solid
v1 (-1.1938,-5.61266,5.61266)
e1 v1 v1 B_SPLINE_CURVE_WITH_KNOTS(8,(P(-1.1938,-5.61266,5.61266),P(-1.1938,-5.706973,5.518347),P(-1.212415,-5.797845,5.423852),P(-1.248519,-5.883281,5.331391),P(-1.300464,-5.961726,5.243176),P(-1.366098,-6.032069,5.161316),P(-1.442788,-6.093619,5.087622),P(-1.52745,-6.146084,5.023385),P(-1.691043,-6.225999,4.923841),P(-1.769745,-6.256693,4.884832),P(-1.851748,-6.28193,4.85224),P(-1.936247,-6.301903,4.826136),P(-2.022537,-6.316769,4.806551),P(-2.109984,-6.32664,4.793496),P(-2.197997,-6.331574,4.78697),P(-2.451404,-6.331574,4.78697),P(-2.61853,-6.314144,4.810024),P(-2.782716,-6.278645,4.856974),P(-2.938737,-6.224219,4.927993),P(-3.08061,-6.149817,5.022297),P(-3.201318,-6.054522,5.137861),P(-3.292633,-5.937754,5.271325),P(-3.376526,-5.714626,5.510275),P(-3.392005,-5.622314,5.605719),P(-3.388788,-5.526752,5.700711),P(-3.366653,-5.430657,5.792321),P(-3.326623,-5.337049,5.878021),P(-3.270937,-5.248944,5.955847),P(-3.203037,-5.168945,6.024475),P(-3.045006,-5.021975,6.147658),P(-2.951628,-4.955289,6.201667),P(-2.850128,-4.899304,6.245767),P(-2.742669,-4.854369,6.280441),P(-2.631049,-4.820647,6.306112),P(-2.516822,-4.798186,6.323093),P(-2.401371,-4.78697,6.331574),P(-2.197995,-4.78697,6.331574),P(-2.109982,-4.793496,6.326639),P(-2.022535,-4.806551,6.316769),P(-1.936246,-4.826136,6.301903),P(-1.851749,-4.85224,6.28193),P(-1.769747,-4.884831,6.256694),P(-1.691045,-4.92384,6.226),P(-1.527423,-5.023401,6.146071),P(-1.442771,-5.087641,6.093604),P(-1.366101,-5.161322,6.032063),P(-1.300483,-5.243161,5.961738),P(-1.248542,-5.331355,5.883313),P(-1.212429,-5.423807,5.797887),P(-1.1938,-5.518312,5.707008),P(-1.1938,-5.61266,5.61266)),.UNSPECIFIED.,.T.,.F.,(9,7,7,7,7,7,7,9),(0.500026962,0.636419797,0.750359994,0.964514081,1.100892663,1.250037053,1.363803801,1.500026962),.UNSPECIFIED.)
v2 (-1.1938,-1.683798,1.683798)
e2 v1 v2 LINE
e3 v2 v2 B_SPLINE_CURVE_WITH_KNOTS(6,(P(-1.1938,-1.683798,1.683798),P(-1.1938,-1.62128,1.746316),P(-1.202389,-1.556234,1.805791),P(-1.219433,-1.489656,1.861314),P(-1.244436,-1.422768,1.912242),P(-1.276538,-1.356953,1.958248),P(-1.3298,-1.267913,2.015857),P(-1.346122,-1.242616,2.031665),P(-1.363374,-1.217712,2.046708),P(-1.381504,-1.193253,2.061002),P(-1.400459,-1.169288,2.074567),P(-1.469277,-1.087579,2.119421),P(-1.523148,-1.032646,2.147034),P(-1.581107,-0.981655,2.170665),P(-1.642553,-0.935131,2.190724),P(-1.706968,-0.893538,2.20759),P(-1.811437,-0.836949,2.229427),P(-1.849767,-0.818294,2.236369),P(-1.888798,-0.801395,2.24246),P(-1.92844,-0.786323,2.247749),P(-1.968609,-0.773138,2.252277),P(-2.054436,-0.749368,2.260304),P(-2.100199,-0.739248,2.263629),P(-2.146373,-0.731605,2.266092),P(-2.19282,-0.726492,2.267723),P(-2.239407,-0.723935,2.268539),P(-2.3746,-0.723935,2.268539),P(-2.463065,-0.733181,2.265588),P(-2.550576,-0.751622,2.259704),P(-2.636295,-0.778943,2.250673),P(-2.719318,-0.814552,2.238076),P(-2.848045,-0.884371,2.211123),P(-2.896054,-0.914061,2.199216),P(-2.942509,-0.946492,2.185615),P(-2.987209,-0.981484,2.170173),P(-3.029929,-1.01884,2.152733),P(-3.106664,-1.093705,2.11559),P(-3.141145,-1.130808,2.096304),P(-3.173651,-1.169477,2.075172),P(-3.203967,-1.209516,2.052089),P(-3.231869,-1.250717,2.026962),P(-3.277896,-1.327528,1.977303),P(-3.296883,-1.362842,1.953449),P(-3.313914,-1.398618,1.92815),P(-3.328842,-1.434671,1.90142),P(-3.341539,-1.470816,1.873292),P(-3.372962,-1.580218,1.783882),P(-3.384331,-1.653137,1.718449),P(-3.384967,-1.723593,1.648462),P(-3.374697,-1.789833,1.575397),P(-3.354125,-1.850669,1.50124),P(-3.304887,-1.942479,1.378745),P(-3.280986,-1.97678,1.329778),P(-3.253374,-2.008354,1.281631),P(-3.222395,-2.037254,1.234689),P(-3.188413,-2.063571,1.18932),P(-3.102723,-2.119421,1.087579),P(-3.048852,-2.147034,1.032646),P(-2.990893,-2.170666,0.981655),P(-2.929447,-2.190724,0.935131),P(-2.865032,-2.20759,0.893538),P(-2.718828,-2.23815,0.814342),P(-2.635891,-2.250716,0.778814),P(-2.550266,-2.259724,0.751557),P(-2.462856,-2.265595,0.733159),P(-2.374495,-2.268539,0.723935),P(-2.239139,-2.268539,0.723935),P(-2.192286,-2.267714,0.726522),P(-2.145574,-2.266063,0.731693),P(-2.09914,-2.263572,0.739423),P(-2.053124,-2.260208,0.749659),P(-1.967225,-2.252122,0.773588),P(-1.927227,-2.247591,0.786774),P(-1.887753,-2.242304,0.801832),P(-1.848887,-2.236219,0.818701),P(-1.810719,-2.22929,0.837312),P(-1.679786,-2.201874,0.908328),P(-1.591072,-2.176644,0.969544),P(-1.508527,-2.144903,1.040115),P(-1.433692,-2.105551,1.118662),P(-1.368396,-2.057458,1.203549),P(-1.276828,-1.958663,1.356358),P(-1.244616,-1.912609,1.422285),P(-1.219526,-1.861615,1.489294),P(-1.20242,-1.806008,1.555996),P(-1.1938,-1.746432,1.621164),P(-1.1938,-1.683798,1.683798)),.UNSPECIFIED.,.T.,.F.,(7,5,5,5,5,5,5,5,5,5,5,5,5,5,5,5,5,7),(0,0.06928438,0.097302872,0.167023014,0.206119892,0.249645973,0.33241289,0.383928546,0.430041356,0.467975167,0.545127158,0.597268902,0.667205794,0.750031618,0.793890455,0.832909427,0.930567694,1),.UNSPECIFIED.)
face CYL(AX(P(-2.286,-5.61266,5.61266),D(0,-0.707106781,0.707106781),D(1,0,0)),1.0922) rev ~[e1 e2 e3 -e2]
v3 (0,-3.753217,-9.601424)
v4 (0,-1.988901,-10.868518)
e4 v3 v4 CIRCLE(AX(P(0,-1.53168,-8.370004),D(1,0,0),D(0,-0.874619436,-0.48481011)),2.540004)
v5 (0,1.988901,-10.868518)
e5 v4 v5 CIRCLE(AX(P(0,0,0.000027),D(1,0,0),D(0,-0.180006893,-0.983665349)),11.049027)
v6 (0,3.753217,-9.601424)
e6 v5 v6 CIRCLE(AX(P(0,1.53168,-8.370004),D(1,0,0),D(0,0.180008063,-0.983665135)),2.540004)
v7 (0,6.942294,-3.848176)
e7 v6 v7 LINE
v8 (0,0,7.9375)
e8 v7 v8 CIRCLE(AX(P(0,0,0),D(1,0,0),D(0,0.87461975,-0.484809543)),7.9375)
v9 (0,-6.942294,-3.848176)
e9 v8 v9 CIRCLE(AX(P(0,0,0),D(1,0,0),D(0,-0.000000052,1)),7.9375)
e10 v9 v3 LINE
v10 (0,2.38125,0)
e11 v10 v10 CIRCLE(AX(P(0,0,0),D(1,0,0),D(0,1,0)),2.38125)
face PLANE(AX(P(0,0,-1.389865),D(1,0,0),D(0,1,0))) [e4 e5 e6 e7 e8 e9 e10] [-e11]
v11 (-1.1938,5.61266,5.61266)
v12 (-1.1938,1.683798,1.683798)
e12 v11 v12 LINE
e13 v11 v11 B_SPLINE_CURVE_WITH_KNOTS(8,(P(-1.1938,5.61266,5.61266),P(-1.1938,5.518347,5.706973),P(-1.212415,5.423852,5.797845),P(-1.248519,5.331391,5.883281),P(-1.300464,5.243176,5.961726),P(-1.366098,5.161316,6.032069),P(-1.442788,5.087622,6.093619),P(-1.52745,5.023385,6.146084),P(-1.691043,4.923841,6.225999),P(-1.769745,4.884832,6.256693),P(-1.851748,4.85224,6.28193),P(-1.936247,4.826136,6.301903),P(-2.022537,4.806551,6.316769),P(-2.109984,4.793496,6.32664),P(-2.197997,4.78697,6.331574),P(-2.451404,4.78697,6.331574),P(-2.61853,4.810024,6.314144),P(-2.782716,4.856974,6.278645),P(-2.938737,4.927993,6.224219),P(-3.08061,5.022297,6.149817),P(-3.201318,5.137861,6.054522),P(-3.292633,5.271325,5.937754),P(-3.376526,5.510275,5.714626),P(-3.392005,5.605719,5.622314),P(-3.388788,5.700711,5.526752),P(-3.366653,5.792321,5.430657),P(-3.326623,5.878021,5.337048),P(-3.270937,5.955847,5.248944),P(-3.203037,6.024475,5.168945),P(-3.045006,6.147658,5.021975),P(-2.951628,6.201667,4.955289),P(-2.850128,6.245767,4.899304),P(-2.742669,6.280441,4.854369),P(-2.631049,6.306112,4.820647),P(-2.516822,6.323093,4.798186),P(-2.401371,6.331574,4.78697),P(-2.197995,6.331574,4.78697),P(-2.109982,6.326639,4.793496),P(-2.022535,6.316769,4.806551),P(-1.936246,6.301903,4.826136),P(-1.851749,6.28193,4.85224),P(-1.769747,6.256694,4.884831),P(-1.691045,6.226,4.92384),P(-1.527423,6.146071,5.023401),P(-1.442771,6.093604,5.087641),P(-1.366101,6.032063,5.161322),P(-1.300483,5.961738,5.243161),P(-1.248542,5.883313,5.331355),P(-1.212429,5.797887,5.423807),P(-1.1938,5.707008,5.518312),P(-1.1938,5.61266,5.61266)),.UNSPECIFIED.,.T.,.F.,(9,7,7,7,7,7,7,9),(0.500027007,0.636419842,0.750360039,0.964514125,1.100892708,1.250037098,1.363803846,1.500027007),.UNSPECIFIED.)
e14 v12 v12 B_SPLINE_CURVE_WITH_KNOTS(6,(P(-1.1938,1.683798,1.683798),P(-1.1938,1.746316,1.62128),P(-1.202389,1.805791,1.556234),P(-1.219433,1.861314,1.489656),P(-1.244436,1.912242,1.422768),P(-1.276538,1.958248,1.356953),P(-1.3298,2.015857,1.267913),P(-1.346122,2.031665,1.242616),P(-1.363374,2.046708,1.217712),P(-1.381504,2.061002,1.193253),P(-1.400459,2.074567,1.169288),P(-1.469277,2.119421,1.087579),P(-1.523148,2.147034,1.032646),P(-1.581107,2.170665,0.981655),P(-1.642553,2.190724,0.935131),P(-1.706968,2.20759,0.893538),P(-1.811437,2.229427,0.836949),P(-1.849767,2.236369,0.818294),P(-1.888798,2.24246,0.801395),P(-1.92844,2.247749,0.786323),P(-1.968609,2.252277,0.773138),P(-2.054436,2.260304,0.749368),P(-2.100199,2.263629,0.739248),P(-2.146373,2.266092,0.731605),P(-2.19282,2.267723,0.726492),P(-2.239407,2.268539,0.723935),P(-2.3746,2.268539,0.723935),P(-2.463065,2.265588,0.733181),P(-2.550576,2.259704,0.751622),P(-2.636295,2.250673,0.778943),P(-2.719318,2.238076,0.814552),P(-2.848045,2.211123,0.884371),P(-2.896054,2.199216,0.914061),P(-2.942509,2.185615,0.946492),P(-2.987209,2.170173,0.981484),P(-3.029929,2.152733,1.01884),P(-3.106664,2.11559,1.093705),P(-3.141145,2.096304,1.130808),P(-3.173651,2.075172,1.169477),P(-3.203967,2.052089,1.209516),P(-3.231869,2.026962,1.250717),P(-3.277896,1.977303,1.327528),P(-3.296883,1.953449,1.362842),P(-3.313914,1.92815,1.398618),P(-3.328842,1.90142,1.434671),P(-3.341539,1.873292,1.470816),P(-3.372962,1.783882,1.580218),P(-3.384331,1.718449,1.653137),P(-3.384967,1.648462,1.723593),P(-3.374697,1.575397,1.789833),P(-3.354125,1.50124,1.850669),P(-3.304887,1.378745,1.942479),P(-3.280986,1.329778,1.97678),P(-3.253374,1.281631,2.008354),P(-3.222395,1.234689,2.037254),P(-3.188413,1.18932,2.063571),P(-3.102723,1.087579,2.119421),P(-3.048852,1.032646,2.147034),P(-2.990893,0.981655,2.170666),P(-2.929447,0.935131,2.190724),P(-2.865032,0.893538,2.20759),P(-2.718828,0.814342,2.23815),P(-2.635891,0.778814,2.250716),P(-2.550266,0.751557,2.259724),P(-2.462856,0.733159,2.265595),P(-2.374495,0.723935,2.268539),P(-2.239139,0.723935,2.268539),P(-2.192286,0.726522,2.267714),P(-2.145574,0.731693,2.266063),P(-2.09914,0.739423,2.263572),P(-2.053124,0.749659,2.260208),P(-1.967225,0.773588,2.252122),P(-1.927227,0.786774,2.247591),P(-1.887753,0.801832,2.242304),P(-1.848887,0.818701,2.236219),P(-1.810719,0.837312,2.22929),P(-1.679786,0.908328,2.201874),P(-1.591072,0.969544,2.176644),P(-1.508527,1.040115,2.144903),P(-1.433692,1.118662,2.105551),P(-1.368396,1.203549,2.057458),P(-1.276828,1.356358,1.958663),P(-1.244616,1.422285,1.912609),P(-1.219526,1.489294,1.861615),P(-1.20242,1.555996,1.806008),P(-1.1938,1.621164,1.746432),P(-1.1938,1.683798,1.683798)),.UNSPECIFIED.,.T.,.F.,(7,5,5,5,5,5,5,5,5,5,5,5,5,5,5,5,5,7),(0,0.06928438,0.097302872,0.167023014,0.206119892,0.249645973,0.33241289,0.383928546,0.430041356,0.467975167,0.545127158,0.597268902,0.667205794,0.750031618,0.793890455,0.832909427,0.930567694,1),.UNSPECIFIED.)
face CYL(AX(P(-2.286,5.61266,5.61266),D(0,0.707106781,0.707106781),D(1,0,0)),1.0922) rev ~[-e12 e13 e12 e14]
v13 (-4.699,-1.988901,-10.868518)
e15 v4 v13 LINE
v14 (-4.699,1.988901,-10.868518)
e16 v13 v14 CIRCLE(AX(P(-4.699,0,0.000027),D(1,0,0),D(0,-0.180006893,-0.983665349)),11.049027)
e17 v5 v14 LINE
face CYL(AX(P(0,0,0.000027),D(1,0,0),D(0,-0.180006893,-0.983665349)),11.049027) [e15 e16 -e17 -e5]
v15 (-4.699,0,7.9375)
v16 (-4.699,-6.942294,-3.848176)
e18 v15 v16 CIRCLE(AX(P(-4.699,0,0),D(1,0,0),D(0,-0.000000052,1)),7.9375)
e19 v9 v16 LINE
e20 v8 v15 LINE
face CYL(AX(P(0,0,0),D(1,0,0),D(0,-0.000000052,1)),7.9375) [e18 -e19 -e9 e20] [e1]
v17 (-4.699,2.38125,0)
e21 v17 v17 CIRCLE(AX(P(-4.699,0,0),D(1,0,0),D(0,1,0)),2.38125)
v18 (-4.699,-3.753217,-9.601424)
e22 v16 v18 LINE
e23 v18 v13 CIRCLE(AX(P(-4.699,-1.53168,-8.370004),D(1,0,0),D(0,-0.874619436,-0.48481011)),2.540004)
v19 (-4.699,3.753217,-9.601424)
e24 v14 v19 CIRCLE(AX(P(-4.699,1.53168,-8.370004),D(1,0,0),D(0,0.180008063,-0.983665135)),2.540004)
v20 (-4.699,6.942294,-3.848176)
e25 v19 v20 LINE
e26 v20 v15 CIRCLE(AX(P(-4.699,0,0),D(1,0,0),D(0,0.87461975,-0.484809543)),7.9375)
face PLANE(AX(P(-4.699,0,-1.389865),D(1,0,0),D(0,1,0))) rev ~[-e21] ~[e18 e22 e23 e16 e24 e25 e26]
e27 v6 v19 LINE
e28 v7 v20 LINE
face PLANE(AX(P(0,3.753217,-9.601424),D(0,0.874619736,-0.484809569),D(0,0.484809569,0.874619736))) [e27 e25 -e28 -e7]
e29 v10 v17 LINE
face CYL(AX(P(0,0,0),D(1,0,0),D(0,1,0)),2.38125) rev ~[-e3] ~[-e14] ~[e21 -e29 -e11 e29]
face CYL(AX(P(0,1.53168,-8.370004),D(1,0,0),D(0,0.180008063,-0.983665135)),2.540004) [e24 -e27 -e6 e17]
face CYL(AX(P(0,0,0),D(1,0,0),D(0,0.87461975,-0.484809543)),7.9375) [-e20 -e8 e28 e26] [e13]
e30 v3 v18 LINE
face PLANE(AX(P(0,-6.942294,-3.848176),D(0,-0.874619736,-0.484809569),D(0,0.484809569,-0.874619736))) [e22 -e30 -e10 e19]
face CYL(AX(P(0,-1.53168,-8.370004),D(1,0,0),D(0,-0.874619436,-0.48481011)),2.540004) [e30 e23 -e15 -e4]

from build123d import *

# Parameters (mm, degrees)
F0_R     = 2.38125
F1_DEPTH = 4.699
F3_R     = 1.0922
F4_DEPTH = 7.62
F6_R     = 1.0922
F7_DEPTH = 7.62


with BuildPart() as f1:
    # F0 (on Right) → F1 (new body)
    with BuildSketch(Plane.YZ):
        with BuildLine():
            ThreePointArc((-3.753217, -9.601424), (-3.013341, -10.433085), (-1.988901, -10.868518))
            ThreePointArc((-1.988901, -10.868518), (0, -11.049), (1.988901, -10.868518))
            ThreePointArc((1.988901, -10.868518), (3.013341, -10.433085), (3.753217, -9.601424))
            Line((3.753217, -9.601424), (6.942294, -3.848176))
            ThreePointArc((6.942294, -3.848176), (6.839181, 4.028586), (0, 7.9375))
            ThreePointArc((0, 7.9375), (-6.839181, 4.028586), (-6.942294, -3.848176))
            Line((-6.942294, -3.848176), (-3.753217, -9.601424))
        make_face()
        Circle(F0_R, mode=Mode.SUBTRACT)
    extrude(amount=-F1_DEPTH)

    # F3 (on face) → F4 (cut)
    with BuildSketch(Plane(origin=(0, -5.61266, 5.61266), x_dir=(1, 0, 0), z_dir=(0, -0.707107, 0.707107))):
        with Locations((-2.286, 0)):
            Circle(F3_R)
    extrude(amount=-F4_DEPTH, mode=Mode.SUBTRACT)

    # F6 (on face) → F7 (cut)
    with BuildSketch(Plane(origin=(0, 5.61266, 5.61266), x_dir=(1, 0, 0), z_dir=(0, 0.707107, 0.707107))):
        with Locations((-2.286, 0)):
            Circle(F6_R)
    extrude(amount=-F7_DEPTH, mode=Mode.SUBTRACT)


solid = f1.part
